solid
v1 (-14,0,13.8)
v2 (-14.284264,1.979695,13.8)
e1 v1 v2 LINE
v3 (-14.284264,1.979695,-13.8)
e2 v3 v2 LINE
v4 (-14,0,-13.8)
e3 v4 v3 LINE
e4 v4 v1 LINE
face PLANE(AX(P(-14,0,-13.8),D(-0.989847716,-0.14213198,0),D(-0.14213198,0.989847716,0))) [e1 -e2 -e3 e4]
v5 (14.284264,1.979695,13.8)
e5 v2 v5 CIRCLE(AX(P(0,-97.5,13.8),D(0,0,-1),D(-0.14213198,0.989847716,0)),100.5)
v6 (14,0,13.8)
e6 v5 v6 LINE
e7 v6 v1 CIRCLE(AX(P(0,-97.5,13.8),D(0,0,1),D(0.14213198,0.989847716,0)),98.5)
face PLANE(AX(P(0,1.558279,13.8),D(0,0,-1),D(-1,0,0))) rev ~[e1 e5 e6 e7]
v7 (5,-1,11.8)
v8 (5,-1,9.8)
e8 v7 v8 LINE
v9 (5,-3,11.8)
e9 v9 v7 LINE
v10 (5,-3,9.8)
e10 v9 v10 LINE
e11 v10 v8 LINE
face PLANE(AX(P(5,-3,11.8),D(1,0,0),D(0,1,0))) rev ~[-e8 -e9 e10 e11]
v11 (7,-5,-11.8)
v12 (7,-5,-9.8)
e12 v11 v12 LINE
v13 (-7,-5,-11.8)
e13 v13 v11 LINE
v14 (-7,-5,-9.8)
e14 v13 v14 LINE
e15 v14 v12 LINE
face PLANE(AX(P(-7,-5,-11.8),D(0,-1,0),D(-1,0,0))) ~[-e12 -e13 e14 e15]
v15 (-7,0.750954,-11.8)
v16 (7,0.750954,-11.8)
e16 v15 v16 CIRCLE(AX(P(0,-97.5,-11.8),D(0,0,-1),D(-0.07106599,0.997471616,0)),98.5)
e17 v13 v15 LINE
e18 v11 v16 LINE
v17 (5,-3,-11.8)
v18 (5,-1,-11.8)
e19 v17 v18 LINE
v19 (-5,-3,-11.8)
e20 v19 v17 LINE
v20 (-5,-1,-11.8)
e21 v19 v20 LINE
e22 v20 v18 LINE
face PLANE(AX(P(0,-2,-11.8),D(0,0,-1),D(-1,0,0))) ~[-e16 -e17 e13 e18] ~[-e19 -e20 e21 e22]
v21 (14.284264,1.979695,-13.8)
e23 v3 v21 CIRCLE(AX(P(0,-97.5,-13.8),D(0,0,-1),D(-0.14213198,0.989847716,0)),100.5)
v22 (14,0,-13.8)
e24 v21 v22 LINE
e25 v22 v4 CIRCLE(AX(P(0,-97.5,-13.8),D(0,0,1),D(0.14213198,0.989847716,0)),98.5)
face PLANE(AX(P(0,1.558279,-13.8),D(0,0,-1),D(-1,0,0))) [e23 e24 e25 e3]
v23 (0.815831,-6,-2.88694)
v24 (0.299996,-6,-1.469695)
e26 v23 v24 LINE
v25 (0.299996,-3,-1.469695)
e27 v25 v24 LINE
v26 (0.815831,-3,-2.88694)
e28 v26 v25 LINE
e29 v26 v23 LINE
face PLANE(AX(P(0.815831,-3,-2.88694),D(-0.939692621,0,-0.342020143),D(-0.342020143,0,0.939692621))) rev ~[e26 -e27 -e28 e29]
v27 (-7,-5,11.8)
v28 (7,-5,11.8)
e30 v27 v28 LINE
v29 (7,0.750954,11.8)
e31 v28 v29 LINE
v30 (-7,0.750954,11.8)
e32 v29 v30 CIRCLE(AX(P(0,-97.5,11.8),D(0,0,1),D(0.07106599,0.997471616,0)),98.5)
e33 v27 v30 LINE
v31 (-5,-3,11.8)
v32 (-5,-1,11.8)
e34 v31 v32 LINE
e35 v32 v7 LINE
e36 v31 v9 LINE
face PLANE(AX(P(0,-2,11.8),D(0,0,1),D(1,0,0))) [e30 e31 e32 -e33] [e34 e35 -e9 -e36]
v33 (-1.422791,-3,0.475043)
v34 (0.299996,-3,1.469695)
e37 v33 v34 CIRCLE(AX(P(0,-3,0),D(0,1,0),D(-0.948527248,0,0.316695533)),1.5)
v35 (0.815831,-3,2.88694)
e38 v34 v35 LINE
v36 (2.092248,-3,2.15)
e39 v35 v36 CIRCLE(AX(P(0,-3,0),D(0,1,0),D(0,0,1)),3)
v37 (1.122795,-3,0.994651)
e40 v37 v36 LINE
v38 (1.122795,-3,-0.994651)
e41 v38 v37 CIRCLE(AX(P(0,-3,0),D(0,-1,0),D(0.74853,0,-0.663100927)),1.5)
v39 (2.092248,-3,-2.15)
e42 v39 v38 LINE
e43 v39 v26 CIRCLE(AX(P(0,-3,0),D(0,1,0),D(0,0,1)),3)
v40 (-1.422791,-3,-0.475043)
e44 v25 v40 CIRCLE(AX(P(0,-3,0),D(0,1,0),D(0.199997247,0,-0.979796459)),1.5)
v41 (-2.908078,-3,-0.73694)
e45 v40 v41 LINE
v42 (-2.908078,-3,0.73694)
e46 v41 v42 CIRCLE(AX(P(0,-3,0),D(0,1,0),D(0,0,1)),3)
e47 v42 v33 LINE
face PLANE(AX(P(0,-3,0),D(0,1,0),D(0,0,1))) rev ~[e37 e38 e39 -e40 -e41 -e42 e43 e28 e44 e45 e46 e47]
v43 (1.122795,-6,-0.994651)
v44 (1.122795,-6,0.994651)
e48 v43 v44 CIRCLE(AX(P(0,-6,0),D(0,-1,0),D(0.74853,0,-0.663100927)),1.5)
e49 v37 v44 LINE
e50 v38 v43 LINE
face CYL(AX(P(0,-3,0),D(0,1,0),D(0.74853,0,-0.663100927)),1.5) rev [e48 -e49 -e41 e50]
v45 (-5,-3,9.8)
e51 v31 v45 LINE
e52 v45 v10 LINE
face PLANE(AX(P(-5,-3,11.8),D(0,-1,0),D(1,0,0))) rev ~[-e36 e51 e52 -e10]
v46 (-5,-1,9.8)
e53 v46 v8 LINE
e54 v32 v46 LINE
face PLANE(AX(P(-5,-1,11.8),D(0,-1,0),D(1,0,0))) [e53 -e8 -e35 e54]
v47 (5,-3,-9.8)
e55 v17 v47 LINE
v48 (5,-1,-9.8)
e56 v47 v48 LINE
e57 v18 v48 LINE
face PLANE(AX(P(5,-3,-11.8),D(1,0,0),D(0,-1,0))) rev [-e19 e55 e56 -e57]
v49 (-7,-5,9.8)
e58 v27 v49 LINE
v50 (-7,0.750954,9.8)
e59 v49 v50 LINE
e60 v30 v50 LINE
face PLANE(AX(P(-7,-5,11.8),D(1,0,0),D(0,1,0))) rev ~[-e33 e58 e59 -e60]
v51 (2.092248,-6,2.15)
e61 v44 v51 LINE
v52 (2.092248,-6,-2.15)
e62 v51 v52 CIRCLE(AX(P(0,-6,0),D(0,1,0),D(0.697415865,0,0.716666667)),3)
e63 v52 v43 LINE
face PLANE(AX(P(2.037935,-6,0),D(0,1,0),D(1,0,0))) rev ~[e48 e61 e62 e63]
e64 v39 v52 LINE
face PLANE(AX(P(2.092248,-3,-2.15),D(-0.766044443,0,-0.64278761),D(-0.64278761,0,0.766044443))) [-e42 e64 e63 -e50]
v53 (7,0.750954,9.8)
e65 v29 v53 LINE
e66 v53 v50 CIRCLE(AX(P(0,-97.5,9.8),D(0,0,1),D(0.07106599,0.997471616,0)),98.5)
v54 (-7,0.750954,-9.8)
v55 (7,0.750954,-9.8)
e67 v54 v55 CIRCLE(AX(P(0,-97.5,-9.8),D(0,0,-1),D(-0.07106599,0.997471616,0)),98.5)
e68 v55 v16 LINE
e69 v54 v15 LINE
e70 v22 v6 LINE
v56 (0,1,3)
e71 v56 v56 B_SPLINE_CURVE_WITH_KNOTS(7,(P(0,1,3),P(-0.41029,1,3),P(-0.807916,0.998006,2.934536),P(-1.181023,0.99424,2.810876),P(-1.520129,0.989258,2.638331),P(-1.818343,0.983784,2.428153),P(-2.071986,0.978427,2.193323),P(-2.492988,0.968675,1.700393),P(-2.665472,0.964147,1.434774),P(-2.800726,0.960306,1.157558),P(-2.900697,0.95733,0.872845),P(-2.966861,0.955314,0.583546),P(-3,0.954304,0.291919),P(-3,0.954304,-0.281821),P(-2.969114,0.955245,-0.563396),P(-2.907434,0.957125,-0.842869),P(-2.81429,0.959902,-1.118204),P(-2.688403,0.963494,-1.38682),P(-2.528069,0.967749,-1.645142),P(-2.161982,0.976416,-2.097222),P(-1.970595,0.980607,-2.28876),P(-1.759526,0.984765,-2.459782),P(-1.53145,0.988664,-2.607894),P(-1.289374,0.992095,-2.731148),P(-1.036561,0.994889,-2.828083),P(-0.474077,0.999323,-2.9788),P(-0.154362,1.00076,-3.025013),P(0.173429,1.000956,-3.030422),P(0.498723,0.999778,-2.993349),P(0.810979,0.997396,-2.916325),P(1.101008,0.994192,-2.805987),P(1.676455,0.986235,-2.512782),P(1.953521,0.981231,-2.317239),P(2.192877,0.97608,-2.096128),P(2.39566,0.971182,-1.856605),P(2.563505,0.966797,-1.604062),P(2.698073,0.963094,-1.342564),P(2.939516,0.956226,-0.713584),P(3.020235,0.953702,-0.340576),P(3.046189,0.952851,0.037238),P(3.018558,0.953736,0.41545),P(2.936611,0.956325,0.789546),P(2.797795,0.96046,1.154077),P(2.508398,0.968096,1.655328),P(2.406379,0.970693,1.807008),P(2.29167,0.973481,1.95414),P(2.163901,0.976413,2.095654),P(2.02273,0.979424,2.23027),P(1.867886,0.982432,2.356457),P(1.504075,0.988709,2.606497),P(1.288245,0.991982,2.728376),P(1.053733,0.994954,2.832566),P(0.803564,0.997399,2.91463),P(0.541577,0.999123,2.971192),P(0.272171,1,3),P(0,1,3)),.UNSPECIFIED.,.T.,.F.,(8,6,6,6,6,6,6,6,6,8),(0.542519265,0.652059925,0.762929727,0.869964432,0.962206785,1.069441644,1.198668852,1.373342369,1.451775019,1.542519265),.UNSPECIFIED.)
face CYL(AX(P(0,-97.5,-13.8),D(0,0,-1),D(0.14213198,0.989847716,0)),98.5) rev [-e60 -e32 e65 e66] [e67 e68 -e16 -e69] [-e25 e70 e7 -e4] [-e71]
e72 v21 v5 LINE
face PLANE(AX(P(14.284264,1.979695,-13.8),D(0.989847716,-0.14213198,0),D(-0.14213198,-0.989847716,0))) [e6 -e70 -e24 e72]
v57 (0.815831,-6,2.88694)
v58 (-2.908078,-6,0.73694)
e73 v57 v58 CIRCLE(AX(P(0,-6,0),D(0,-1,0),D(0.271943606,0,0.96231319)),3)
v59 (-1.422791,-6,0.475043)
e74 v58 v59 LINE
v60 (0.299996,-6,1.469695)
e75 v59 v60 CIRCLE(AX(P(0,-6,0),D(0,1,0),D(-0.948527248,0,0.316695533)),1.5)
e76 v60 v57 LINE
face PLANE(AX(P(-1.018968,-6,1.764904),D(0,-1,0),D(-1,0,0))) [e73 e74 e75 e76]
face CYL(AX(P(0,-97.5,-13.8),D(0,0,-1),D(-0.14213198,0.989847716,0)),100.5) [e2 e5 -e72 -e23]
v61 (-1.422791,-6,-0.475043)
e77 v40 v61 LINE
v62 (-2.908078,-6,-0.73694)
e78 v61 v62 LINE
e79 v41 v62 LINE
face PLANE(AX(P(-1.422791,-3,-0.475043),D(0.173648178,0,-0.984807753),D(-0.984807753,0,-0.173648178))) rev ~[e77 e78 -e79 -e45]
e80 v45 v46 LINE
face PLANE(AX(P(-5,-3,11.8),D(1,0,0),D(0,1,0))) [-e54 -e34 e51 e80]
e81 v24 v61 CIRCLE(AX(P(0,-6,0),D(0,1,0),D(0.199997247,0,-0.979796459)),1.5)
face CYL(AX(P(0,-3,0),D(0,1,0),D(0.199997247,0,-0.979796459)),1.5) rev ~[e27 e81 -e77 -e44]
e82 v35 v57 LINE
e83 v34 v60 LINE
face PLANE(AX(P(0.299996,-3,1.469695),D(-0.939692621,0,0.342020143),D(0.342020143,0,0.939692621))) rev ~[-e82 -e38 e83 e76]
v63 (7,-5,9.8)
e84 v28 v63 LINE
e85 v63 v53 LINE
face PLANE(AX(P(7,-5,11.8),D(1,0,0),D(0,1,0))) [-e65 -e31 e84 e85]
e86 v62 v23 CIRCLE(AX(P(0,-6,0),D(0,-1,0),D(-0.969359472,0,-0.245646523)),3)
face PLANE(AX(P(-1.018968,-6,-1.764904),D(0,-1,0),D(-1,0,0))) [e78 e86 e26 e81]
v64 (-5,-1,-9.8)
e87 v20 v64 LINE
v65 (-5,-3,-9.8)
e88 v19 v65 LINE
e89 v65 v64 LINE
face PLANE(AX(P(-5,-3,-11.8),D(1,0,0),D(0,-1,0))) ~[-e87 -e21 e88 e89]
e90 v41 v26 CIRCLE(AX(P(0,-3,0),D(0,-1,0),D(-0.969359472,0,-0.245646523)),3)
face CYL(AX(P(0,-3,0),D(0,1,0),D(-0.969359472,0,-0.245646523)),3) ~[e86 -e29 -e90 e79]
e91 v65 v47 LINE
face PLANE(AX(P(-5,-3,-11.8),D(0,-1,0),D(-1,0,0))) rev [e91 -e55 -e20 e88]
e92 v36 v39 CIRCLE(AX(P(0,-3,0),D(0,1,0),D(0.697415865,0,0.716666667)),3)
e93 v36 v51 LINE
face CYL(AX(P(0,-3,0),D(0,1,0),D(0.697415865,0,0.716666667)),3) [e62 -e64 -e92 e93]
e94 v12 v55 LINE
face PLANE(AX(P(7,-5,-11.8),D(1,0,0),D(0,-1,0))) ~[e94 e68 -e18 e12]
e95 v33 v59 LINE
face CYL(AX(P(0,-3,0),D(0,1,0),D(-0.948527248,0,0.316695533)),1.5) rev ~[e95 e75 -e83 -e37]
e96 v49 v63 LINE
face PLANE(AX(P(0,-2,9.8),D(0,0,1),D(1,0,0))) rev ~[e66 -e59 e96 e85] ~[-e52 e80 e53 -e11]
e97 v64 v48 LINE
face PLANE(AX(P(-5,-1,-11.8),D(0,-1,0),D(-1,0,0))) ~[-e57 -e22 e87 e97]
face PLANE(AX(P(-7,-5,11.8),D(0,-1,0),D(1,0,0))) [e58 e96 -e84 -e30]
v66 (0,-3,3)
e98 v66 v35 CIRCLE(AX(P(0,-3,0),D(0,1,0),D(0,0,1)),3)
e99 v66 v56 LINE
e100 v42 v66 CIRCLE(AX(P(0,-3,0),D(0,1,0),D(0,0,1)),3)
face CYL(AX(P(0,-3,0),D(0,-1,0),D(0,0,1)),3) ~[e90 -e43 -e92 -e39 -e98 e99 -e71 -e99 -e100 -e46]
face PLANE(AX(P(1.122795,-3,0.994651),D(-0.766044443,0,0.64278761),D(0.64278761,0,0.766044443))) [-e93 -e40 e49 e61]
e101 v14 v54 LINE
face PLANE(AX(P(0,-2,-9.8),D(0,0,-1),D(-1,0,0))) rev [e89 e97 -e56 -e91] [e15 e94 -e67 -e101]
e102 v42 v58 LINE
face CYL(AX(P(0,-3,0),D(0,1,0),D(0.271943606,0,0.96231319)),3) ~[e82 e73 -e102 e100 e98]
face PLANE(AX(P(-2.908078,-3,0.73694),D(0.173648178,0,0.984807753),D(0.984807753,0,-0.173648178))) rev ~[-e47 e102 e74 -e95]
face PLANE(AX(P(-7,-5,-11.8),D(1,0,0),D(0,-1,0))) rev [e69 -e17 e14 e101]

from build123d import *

# Parameters (mm, degrees)
EXTRUDE_1_DEPTH      = 13.8
EXTRUDE_1_DEPTH_BACK = 13.8
EXTRUDE_START        = -2
SKETCH_2_W           = 14
SKETCH_2_H           = 6
SKETCH_2_W_2         = 10
SKETCH_2_H_2         = 2
EXTRUDE_2_DEPTH      = 2
EXTRUDE_3_DEPTH      = 1
EXTRUDE_3_DEPTH_BACK = 3
SKETCH_3_R           = 3
EXTRUDE_4_DEPTH      = 3


with BuildPart() as part:
    # Эскиз1 → Бобышка-Вытянуть1 (new, two sides: drawn at the far end of the back side and taken through both)
    with BuildSketch(Plane.XY.offset(-EXTRUDE_1_DEPTH_BACK)):
        with BuildLine():
            Line((-14, 0), (-14.284263959, 1.979695431))
            ThreePointArc((-14.284263959, 1.979695431), (0, 3), (14.284263959, 1.979695431))
            Line((14.284263959, 1.979695431), (14, 0))
            ThreePointArc((14, 0), (0, 1), (-14, 0))
        make_face()
    extrude(amount=EXTRUDE_1_DEPTH + EXTRUDE_1_DEPTH_BACK)

    # Эскиз2 → Бобышка-Вытянуть2 (add)
    with BuildSketch(Plane.XY.offset(13.8).offset(EXTRUDE_START)):
        with Locations((0, -2)):
            Rectangle(SKETCH_2_W, SKETCH_2_H)
        with Locations((0, -2)):
            Rectangle(SKETCH_2_W_2, SKETCH_2_H_2, mode=Mode.SUBTRACT)
    extrude_2 = extrude(amount=-EXTRUDE_2_DEPTH)

    # Зеркальное отражение1: Бобышка-Вытянуть2 across plane
    add(extrude_2.mirror(Plane.XY))

    # Эскиз3 → Бобышка-Вытянуть3 (add, two sides: drawn at the far end of the back side and taken through both)
    with BuildSketch(Plane(origin=(0, 0, 0), x_dir=(1, 0, 0), z_dir=(0, 1, 0)).offset(-EXTRUDE_3_DEPTH_BACK)):
        with Locations(Location((0, 0, 0), (0, 0, 270))):
            Circle(SKETCH_3_R)
    extrude(amount=EXTRUDE_3_DEPTH + EXTRUDE_3_DEPTH_BACK)

    # Эскиз4 → Бобышка-Вытянуть4 (add)
    with BuildSketch(Plane(origin=(0, -3, 0), x_dir=(-1, 0, 0), z_dir=(0, -1, 0))):
        with BuildLine():
            Line((-1.122795001, -0.994651388), (-2.092247595, -2.15))
            ThreePointArc((-2.092247595, -2.15), (-3, 0), (-2.092247595, 2.15))
            Line((-2.092247595, 2.15), (-1.122795001, 0.994651388))
            ThreePointArc((-1.122795001, 0.994651388), (-1.5, 0), (-1.122795001, -0.994651388))
        make_face()
        with BuildLine():
            Line((1.422790871, 0.4750433), (2.908078416, 0.736939569))
            ThreePointArc((2.908078416, 0.736939569), (1.5, 2.598076211), (-0.81583082, 2.886939569))
            Line((-0.81583082, 2.886939569), (-0.29999587, 1.469694689))
            ThreePointArc((-0.29999587, 1.469694689), (0.75, 1.299038106), (1.422790871, 0.4750433))
        make_face()
        with BuildLine():
            Line((-0.29999587, -1.469694689), (-0.81583082, -2.886939569))
            ThreePointArc((-0.81583082, -2.886939569), (1.5, -2.598076211), (2.908078416, -0.736939569))
            Line((2.908078416, -0.736939569), (1.422790871, -0.4750433))
            ThreePointArc((1.422790871, -0.4750433), (0.75, -1.299038106), (-0.29999587, -1.469694689))
        make_face()
    extrude(amount=EXTRUDE_4_DEPTH)


solid = part.part
